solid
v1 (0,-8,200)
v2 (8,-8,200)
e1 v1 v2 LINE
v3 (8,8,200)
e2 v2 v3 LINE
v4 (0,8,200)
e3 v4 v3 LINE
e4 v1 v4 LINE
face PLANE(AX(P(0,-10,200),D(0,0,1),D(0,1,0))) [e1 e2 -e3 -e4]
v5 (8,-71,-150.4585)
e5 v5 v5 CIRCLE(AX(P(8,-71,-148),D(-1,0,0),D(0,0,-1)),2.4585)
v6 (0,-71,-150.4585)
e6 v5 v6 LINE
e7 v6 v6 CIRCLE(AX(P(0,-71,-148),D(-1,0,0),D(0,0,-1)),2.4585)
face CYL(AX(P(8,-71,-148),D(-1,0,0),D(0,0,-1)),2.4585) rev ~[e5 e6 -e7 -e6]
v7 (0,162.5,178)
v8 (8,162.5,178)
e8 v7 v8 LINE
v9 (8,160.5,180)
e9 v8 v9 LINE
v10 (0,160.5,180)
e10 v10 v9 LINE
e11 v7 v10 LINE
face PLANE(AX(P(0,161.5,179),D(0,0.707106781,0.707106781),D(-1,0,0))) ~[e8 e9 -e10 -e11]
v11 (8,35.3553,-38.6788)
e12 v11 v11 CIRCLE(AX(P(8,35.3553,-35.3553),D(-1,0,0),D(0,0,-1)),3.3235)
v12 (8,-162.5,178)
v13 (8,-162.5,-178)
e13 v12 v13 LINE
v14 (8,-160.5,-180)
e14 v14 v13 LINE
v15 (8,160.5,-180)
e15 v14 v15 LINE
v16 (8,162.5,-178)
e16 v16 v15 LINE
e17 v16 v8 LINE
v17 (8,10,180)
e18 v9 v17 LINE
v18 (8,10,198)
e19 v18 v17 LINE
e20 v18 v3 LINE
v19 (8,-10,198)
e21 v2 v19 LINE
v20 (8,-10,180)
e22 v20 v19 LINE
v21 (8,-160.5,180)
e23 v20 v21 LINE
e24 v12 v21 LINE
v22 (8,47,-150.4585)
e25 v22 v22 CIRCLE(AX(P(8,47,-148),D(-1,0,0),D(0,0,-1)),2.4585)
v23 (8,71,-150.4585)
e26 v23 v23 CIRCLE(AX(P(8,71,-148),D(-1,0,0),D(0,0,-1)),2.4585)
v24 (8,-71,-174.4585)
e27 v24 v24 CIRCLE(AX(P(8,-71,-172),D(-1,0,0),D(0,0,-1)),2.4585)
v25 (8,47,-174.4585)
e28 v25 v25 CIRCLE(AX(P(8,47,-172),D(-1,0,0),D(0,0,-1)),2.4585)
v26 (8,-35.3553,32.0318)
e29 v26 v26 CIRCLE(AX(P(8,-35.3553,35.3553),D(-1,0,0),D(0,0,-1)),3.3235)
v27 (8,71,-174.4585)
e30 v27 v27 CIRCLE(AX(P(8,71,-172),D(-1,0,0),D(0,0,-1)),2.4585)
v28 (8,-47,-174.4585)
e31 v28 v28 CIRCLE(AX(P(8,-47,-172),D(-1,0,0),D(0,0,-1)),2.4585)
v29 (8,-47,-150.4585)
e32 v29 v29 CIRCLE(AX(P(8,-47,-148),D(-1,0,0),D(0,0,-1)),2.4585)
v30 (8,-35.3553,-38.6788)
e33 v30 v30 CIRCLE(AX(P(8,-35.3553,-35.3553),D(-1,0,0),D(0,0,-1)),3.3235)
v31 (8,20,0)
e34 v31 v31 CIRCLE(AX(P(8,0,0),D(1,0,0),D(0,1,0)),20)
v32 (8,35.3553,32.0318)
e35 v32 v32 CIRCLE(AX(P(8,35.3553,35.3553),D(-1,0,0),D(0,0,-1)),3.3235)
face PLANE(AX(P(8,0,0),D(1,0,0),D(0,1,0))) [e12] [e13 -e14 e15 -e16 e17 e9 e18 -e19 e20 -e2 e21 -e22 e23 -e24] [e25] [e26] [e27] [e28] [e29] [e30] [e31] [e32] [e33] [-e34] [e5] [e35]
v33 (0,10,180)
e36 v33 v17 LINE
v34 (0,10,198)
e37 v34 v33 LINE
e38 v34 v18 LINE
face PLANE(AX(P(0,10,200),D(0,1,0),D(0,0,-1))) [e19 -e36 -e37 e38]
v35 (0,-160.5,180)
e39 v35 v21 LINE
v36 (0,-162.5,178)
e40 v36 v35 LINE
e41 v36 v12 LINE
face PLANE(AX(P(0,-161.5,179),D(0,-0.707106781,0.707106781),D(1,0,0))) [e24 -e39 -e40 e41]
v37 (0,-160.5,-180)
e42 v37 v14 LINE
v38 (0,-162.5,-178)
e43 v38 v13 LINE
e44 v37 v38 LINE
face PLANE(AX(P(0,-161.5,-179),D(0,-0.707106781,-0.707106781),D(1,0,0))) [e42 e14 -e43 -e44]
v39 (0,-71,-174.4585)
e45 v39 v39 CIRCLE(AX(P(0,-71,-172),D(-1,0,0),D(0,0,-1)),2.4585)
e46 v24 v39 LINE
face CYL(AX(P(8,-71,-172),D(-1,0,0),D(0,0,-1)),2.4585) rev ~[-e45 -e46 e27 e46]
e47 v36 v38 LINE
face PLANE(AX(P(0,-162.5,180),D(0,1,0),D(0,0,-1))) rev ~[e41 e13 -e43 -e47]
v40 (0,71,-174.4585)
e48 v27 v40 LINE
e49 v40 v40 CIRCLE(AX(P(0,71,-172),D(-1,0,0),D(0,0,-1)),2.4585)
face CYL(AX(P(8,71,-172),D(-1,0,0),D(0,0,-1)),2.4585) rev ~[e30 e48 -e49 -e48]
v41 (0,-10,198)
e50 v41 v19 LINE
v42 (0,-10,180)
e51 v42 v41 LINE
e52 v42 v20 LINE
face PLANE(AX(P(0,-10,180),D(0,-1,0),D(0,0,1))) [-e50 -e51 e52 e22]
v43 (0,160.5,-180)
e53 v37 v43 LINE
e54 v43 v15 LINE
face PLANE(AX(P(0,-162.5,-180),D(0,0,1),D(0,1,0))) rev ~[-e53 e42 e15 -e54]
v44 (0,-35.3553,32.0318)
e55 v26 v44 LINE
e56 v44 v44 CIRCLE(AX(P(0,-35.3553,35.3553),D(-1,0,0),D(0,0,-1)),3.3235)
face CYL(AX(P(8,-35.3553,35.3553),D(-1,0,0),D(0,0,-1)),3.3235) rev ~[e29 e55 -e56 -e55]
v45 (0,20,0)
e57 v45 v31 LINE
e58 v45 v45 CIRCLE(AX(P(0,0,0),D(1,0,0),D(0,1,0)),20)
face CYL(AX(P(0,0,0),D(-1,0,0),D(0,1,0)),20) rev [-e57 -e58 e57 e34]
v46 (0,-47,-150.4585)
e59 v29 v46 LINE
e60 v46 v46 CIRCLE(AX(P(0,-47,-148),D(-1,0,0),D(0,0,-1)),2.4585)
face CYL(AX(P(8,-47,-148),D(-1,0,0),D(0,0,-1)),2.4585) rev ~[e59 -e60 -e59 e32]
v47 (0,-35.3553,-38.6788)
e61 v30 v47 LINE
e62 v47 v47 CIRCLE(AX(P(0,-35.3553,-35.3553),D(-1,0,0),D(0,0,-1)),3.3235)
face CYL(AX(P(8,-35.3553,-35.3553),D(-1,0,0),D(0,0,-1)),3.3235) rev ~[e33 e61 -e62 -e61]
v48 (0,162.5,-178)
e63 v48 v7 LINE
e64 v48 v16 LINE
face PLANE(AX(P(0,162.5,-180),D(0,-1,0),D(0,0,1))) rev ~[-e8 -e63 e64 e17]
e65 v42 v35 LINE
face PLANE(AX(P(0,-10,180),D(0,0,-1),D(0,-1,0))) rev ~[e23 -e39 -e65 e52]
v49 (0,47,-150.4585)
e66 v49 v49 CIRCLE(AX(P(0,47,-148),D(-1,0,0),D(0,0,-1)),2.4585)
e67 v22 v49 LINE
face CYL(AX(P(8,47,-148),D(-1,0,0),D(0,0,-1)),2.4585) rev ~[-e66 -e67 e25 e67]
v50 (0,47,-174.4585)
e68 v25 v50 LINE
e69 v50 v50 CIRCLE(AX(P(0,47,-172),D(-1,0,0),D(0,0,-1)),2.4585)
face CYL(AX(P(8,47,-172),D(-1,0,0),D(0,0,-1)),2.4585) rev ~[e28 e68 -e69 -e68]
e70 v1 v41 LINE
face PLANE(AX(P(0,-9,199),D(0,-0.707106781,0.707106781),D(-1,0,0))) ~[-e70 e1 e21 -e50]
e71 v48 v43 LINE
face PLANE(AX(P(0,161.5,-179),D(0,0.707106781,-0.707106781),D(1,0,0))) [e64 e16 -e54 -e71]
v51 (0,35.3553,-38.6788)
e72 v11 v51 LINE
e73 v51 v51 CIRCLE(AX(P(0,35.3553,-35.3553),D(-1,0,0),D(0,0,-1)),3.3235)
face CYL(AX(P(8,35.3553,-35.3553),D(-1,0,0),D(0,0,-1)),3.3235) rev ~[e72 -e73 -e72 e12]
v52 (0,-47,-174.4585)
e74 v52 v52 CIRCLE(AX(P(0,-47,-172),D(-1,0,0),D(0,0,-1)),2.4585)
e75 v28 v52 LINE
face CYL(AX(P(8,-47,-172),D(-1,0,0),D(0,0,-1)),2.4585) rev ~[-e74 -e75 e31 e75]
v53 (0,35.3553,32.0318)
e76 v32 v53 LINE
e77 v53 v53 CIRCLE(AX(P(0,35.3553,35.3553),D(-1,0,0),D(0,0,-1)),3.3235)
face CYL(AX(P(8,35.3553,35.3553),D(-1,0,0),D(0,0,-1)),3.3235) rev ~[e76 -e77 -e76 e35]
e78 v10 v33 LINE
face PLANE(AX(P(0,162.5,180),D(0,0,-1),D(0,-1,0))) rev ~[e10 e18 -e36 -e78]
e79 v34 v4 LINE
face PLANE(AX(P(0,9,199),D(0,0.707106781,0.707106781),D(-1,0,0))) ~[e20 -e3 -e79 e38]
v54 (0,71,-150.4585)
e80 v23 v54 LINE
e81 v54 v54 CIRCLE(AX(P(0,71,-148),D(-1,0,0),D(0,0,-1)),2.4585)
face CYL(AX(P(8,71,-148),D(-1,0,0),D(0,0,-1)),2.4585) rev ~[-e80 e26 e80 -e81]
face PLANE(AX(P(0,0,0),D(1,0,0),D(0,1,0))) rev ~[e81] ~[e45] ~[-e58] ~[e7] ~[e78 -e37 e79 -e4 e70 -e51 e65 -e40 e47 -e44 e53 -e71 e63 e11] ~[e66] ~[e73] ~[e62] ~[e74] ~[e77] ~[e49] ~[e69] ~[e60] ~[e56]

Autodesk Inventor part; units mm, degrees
ref_plane "YZ Plane" through (0, 0, 0) normal (1, 0, 0) x (0, 1, 0)
ref_plane "XZ Plane" through (0, 0, 0) normal (0, 1, 0) x (-1, 0, 0)
ref_plane "XY Plane" through (0, 0, 0) normal (0, 0, 1) x (1, 0, 0)
sketch "草图1" plane through (0, 0, 0) normal (1, 0, 0) x (0, 1, 0)
  line L0 (162.5, 180) -> (-162.5, 180)
  line L1 (-162.5, 180) -> (-162.5, -180)
  line L2 (-162.5, -180) -> (162.5, -180)
  line L3 (162.5, -180) -> (162.5, 180)
  line L4 (162.5, 180) -> (-162.5, -180) construction
  line L5 (-162.5, 180) -> (162.5, -180) construction
  circle A0 centre (0, 0) radius 20
  line L6 (-10, 200) -> (10, 200)
  line L7 (10, 200) -> (10, 180)
  line L8 (10, 180) -> (-10, 180)
  line L9 (-10, 180) -> (-10, 200)
  line L10 (-10, 200) -> (10, 180) construction
  line L11 (10, 200) -> (-10, 180) construction
  point P0 (0, 190)
  point P1 (0, 190)
  dimension "d0" = 325
  dimension "d1" = 360
  dimension "d2" = 40
  dimension "d54" = 20
  dimension "d55" = 20
extrude "拉伸1" add sketch "草图1" along normal blind 8
chamfer "倒角1" distance 2 angle 45 4 edges at (4, 162.5, 180) (4, 162.5, -180) (4, -162.5, 180) (4, -162.5, -180)
sketch "草图2" plane through (8, 0, 0) normal (1, 0, 0) x (0, 0, -1)
  line L0 (178, 162.5) -> (-178, 162.5) projected
  line L1 (-180, 160.5) -> (-180, -160.5) projected
  line L2 (180, -160.5) -> (180, 160.5) projected
  line L3 (-178, -162.5) -> (178, -162.5) projected
  point P0 (0, 0)
  point P1 (148, 71)
  point P2 (148, 47)
  point P3 (172, 71)
  point P4 (172, 47)
  point P5 (172, -71)
  point P6 (172, -47)
  point P7 (148, -71)
  point P8 (148, -47)
  dimension "d8" = 91.5
  dimension "d12" = 24
  dimension "d15" = 24
  dimension "d20" = 118
  dimension "d25" = 94
  dimension "d26" = 142
  dimension "d27" = 352
  dimension "d50" = 8
  dimension "d51" = 91.5
hole "孔1" at (8, 71, -148) at (8, 47, -148) at (8, 71, -172) at (8, 47, -172) at (8, -71, -172) at (8, -47, -172) at (8, -71, -148) at (8, -47, -148) direction (-1, 0, 0) diameter 4.917 end through all thread size "M6x1" designation "M6" class "6H" standard "GB Metric profile"
sketch "草图3" plane through (8, 0, 0) normal (1, 0, 0) x (0, 0, -1)
  line L0 (0, 0) -> (-35.3553, 35.3553) construction
  line L1 (-178, -162.5) -> (178, -162.5) projected
  line L2 (0, 0) -> (-35.3553, -35.3553) construction
  line L3 (0, 0) -> (35.3553, -35.3553) construction
  line L4 (0, 0) -> (35.3553, 35.3553) construction
  dimension "d35" = 45
  dimension "d36" = 50
  dimension "d39" = 360
hole "孔2" at (8, 35.3553, 35.3553) at (8, -35.3553, 35.3553) at (8, -35.3553, -35.3553) at (8, 35.3553, -35.3553) direction (-1, 0, 0) diameter 6.647 end through all thread size "M8x1.25" designation "M8" class "6H" standard "GB Metric profile"
chamfer "倒角2" distance 2 angle 45 2 edges at (4, 10, 200) (4, -10, 200)
properties part number "CTQCX300.2-1门板" material "钢板B-8/SUS304"
